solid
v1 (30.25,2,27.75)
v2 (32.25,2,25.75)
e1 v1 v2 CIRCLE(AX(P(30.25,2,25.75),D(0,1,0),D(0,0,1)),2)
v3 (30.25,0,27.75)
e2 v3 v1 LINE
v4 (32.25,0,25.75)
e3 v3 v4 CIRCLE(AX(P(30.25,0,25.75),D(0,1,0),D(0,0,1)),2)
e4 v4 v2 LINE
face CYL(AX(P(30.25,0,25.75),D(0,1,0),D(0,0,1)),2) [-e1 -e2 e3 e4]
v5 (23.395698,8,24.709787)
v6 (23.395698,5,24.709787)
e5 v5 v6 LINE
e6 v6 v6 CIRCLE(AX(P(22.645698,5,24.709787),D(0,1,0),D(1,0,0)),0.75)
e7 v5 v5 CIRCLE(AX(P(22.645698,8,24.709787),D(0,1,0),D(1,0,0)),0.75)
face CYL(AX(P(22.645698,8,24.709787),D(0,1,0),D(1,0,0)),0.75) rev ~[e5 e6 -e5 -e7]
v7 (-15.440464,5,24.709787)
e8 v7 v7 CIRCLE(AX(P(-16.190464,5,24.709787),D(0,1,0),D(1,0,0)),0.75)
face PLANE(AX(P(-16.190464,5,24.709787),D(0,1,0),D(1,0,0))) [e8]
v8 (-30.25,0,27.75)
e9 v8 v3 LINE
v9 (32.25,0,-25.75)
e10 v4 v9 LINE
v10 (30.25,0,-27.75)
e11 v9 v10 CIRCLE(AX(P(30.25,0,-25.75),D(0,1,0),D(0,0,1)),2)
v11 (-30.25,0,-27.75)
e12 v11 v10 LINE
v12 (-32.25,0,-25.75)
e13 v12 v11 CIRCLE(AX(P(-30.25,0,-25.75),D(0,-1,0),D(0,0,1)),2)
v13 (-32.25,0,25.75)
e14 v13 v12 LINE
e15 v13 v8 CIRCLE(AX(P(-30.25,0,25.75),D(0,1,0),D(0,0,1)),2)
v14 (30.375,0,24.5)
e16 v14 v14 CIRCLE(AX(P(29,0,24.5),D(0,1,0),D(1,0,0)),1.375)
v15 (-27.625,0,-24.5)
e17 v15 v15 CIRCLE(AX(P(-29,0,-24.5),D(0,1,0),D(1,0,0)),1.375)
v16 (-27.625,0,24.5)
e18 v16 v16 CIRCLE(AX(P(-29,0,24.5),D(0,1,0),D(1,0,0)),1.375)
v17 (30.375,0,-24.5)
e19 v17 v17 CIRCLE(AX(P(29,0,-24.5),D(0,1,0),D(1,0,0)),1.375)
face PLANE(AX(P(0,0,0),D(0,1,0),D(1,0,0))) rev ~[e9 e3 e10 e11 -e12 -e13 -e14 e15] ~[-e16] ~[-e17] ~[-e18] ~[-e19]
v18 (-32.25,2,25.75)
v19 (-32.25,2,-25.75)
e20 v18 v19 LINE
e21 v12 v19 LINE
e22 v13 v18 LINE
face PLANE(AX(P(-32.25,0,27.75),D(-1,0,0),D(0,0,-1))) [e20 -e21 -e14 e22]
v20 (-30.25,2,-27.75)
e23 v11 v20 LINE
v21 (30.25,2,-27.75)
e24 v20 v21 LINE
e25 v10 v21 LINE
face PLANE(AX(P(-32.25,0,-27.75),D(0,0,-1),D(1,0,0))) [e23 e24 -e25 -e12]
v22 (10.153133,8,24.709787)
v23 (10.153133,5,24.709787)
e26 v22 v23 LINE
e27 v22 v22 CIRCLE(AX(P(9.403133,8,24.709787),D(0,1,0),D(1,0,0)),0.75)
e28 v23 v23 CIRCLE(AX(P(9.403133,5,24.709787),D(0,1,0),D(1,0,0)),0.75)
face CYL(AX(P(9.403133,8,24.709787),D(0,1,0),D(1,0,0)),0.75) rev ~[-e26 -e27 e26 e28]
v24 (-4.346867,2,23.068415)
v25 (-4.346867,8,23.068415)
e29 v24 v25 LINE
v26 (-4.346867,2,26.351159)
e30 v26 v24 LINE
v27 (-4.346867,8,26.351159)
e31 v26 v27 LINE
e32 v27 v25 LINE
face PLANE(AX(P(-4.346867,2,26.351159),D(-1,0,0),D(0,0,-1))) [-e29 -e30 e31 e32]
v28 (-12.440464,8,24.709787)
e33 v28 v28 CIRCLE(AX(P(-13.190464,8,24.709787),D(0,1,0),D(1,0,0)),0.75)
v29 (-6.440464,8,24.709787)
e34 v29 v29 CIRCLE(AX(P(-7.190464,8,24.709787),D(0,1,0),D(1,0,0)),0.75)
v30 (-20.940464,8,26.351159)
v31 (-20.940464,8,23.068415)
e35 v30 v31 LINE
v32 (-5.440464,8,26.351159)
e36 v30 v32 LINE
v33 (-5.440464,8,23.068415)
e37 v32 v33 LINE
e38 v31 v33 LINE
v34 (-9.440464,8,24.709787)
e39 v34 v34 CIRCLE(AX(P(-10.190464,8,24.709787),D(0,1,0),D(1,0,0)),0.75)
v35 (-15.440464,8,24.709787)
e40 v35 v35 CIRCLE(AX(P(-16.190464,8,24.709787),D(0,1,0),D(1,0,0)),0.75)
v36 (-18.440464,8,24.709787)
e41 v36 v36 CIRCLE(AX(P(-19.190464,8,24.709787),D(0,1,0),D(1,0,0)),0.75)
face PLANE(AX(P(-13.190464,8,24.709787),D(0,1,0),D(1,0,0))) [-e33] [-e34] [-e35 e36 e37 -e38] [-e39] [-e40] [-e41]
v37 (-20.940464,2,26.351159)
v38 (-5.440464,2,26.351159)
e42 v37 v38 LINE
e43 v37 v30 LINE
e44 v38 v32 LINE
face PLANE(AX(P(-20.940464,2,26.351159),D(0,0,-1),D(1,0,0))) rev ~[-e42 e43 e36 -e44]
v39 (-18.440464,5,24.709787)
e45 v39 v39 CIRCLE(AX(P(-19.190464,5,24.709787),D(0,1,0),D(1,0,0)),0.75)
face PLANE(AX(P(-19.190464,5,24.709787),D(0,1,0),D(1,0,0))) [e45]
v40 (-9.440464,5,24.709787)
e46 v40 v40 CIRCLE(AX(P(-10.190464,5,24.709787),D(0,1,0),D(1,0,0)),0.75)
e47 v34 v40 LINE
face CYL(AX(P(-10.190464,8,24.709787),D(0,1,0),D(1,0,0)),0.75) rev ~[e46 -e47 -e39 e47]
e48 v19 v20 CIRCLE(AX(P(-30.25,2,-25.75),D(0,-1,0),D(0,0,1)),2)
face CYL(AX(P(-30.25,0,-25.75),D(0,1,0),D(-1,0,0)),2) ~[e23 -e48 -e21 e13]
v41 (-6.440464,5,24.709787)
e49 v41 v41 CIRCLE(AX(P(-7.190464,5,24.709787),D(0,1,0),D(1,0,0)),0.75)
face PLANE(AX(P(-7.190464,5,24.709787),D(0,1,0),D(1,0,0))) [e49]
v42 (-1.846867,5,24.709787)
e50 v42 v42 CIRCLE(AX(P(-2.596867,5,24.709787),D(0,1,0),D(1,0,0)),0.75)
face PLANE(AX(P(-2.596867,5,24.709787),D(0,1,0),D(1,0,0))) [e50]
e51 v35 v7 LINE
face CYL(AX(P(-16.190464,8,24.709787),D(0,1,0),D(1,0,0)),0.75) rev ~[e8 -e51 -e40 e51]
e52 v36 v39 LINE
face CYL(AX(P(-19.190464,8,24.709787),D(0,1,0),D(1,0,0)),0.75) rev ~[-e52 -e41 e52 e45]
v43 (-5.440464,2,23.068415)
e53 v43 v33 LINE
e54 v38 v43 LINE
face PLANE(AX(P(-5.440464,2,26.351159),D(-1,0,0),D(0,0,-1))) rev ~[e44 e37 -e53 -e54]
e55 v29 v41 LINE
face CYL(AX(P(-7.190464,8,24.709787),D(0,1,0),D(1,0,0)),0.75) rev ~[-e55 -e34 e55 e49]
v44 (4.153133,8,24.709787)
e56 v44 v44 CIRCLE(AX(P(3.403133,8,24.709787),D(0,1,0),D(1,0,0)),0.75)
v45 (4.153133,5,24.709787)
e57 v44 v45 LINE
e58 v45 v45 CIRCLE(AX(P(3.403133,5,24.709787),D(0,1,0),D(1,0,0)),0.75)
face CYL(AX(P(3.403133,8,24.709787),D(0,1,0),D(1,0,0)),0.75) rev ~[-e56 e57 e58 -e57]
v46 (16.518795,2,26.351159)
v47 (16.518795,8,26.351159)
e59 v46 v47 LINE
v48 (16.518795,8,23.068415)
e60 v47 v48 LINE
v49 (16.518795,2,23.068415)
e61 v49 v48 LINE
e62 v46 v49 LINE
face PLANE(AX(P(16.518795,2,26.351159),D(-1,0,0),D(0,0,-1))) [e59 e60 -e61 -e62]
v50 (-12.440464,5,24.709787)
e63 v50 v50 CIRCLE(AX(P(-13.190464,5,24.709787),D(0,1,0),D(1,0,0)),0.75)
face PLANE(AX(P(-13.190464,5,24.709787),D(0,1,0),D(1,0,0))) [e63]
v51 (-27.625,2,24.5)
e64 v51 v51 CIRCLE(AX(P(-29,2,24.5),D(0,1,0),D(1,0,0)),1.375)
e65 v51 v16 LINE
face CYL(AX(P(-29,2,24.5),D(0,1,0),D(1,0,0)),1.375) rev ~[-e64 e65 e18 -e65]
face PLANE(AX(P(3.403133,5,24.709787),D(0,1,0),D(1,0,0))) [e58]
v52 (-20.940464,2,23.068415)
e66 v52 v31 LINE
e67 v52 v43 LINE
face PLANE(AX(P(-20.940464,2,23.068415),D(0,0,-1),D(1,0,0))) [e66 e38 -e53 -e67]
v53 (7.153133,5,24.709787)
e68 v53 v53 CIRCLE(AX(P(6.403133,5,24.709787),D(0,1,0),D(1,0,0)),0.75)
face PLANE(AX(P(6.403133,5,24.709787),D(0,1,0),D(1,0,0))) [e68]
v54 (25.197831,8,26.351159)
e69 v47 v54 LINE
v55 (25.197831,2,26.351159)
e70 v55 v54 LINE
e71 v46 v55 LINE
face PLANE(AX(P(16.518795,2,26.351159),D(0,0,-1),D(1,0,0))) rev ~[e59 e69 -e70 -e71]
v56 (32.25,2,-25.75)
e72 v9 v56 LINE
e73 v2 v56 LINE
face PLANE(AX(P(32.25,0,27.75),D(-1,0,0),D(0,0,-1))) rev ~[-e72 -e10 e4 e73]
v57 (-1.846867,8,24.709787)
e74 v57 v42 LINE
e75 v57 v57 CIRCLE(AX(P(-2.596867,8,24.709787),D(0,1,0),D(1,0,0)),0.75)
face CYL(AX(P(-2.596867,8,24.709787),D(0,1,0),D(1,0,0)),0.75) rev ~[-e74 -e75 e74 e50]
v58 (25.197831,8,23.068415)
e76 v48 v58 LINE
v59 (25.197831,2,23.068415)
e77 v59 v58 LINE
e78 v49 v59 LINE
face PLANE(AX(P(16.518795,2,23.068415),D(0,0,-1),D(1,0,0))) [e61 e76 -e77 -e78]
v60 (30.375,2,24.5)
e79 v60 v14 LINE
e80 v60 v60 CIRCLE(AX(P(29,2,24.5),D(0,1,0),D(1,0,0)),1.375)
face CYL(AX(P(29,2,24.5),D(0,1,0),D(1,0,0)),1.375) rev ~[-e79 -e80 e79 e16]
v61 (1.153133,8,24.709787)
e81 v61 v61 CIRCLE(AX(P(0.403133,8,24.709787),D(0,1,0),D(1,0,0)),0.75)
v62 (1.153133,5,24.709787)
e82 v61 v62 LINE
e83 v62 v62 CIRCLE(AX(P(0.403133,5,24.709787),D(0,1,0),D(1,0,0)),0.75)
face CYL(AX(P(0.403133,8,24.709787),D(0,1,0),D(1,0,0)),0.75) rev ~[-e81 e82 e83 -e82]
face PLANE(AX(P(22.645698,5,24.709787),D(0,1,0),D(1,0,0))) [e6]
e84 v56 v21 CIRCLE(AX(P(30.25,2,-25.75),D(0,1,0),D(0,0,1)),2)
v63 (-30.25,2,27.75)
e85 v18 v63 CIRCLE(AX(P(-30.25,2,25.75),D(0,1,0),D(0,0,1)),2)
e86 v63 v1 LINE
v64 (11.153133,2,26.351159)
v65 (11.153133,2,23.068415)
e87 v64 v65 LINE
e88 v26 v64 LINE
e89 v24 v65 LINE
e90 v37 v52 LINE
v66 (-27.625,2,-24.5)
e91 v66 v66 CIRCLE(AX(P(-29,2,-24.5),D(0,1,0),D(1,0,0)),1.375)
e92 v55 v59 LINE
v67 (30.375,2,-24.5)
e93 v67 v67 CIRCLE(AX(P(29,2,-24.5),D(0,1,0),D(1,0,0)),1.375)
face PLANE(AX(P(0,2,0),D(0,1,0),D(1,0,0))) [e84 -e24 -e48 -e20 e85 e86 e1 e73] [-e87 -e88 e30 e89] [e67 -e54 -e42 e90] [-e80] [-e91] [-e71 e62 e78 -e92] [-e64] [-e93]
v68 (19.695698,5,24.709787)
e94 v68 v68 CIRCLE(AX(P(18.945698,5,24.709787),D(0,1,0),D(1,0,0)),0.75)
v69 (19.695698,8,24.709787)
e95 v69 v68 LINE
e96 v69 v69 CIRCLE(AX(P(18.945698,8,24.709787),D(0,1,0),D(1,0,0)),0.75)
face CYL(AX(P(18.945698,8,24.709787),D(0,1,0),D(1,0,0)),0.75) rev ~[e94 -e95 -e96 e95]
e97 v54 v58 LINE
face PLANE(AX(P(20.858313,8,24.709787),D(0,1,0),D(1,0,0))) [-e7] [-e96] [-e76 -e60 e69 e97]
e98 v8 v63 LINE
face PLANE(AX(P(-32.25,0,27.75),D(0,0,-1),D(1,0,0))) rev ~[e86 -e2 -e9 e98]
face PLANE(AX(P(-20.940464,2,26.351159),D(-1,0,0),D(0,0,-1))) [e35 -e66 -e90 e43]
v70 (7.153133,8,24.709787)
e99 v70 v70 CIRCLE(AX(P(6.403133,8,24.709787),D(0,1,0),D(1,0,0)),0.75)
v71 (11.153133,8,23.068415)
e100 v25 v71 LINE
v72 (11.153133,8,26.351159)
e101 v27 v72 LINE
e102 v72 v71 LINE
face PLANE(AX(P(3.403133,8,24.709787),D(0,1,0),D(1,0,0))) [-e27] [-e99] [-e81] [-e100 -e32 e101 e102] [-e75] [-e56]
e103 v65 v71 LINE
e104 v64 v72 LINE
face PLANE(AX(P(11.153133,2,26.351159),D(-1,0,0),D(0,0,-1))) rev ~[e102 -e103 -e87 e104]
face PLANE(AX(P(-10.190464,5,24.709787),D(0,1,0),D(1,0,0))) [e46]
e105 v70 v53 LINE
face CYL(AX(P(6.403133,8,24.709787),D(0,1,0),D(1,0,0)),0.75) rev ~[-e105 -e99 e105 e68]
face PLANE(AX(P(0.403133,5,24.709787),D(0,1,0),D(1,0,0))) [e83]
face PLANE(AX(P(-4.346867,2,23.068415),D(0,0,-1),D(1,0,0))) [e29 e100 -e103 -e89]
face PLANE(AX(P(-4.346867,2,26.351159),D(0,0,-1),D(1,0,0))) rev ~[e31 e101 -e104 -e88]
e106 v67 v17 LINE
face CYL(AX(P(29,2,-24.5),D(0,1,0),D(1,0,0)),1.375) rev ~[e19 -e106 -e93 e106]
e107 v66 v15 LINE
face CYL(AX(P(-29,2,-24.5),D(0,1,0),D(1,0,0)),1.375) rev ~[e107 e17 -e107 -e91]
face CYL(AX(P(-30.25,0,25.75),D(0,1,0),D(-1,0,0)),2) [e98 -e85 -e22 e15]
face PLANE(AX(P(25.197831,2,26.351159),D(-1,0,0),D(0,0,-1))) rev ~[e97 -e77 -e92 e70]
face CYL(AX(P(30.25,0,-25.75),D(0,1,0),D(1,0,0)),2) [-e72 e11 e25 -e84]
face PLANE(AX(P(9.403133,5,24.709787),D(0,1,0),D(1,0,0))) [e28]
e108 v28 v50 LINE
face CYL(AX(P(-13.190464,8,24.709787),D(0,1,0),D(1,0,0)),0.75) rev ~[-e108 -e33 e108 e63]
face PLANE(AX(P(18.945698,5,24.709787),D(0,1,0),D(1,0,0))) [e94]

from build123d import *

# Parameters (mm, degrees)
SKETCH1_W           = 64.5
SKETCH1_H           = 55.5
BOSS_EXTRUDE1_DEPTH = 2
FILLET1_R           = 2
SKETCH2_R           = 1.375
CUT_EXTRUDE1_DEPTH  = 2
SKETCH3_W           = 15.5
SKETCH3_H           = 3.282744178
SKETCH3_W_2         = 8.679035978
BOSS_EXTRUDE2_DEPTH = 6
SKETCH4_R           = 0.75
CUT_EXTRUDE2_DEPTH  = 3
LPATTERN1_COUNT     = 3
LPATTERN1_PITCH     = 3
LPATTERN1_COL_COUNT = 3
LPATTERN1_COL_PITCH = 3
SKETCH5_R           = 0.75
CUT_EXTRUDE3_DEPTH  = 3
LPATTERN2_COUNT     = 3
LPATTERN2_PITCH     = 3
LPATTERN2_COL_COUNT = 3
LPATTERN2_COL_PITCH = 3
SKETCH6_R           = 0.75
CUT_EXTRUDE4_DEPTH  = 3
LPATTERN3_COUNT     = 2
LPATTERN3_PITCH     = 3.7


with BuildPart() as part:
    # Sketch1 → Boss-Extrude1 (new body)
    with BuildSketch(Plane(origin=(0, 0, 0), x_dir=(1, 0, 0), z_dir=(0, 1, 0))):
        Rectangle(SKETCH1_W, SKETCH1_H)
    extrude(amount=BOSS_EXTRUDE1_DEPTH)

    # Fillet1
    fillet1_edges = [part.edges().sort_by_distance(p)[0] for p in [
        (32.25, 1, 27.75),
        (-32.25, 1, 27.75),
        (-32.25, 1, -27.75),
        (32.25, 1, -27.75),
    ]]
    fillet(fillet1_edges, radius=FILLET1_R)

    # Sketch2 → Cut-Extrude1 (cut)
    with BuildSketch(Plane(origin=(0, 2, 0), x_dir=(1, 0, 0), z_dir=(0, 1, 0))):
        with Locations((-29, 24.5)):
            Circle(SKETCH2_R)
        with Locations((29, 24.5)):
            Circle(SKETCH2_R)
        with Locations((29, -24.5)):
            Circle(SKETCH2_R)
        with Locations((-29, -24.5)):
            Circle(SKETCH2_R)
    extrude(amount=-CUT_EXTRUDE1_DEPTH, mode=Mode.SUBTRACT)

    # Sketch3 → Boss-Extrude2 (add)
    with BuildSketch(Plane(origin=(0, 2, 0), x_dir=(1, 0, 0), z_dir=(0, 1, 0))):
        with Locations((-13.190464122, -24.709786803)):
            Rectangle(SKETCH3_W, SKETCH3_H)
        with Locations((3.403133163, -24.709786803)):
            Rectangle(SKETCH3_W, SKETCH3_H)
        with Locations((20.858312779, -24.709786803)):
            Rectangle(SKETCH3_W_2, SKETCH3_H)
    extrude(amount=BOSS_EXTRUDE2_DEPTH)

    # Sketch4 → Cut-Extrude2 (cut)
    with BuildSketch(Plane(origin=(0, 8, 0), x_dir=(1, 0, 0), z_dir=(0, 1, 0))):
        with Locations((-13.190464122, -24.709786803)):
            Circle(SKETCH4_R)
    cut_extrude2 = extrude(amount=-CUT_EXTRUDE2_DEPTH, mode=Mode.SUBTRACT)

    # LPattern1: Cut-Extrude2 ×3
    with Locations(*[(-i * LPATTERN1_PITCH, 0, 0) for i in range(1, LPATTERN1_COUNT)]):
        add(cut_extrude2, mode=Mode.SUBTRACT)

    # LPattern1 col: Cut-Extrude2 ×3
    with Locations(*[(i * LPATTERN1_COL_PITCH, 0, 0) for i in range(1, LPATTERN1_COL_COUNT)]):
        add(cut_extrude2, mode=Mode.SUBTRACT)

    # Sketch5 → Cut-Extrude3 (cut)
    with BuildSketch(Plane(origin=(0, 8, 0), x_dir=(1, 0, 0), z_dir=(0, 1, 0))):
        with Locations((3.403133163, -24.709786803)):
            Circle(SKETCH5_R)
    cut_extrude3 = extrude(amount=-CUT_EXTRUDE3_DEPTH, mode=Mode.SUBTRACT)

    # LPattern2: Cut-Extrude3 ×3
    with Locations(*[(-i * LPATTERN2_PITCH, 0, 0) for i in range(1, LPATTERN2_COUNT)]):
        add(cut_extrude3, mode=Mode.SUBTRACT)

    # LPattern2 col: Cut-Extrude3 ×3
    with Locations(*[(i * LPATTERN2_COL_PITCH, 0, 0) for i in range(1, LPATTERN2_COL_COUNT)]):
        add(cut_extrude3, mode=Mode.SUBTRACT)

    # Sketch6 → Cut-Extrude4 (cut)
    with BuildSketch(Plane(origin=(0, 8, 0), x_dir=(1, 0, 0), z_dir=(0, 1, 0))):
        with Locations((18.945697915, -24.709786803)):
            Circle(SKETCH6_R)
    cut_extrude4 = extrude(amount=-CUT_EXTRUDE4_DEPTH, mode=Mode.SUBTRACT)

    # LPattern3: Cut-Extrude4 ×2
    with Locations(*[(i * LPATTERN3_PITCH, 0, 0) for i in range(1, LPATTERN3_COUNT)]):
        add(cut_extrude4, mode=Mode.SUBTRACT)


solid = part.part
